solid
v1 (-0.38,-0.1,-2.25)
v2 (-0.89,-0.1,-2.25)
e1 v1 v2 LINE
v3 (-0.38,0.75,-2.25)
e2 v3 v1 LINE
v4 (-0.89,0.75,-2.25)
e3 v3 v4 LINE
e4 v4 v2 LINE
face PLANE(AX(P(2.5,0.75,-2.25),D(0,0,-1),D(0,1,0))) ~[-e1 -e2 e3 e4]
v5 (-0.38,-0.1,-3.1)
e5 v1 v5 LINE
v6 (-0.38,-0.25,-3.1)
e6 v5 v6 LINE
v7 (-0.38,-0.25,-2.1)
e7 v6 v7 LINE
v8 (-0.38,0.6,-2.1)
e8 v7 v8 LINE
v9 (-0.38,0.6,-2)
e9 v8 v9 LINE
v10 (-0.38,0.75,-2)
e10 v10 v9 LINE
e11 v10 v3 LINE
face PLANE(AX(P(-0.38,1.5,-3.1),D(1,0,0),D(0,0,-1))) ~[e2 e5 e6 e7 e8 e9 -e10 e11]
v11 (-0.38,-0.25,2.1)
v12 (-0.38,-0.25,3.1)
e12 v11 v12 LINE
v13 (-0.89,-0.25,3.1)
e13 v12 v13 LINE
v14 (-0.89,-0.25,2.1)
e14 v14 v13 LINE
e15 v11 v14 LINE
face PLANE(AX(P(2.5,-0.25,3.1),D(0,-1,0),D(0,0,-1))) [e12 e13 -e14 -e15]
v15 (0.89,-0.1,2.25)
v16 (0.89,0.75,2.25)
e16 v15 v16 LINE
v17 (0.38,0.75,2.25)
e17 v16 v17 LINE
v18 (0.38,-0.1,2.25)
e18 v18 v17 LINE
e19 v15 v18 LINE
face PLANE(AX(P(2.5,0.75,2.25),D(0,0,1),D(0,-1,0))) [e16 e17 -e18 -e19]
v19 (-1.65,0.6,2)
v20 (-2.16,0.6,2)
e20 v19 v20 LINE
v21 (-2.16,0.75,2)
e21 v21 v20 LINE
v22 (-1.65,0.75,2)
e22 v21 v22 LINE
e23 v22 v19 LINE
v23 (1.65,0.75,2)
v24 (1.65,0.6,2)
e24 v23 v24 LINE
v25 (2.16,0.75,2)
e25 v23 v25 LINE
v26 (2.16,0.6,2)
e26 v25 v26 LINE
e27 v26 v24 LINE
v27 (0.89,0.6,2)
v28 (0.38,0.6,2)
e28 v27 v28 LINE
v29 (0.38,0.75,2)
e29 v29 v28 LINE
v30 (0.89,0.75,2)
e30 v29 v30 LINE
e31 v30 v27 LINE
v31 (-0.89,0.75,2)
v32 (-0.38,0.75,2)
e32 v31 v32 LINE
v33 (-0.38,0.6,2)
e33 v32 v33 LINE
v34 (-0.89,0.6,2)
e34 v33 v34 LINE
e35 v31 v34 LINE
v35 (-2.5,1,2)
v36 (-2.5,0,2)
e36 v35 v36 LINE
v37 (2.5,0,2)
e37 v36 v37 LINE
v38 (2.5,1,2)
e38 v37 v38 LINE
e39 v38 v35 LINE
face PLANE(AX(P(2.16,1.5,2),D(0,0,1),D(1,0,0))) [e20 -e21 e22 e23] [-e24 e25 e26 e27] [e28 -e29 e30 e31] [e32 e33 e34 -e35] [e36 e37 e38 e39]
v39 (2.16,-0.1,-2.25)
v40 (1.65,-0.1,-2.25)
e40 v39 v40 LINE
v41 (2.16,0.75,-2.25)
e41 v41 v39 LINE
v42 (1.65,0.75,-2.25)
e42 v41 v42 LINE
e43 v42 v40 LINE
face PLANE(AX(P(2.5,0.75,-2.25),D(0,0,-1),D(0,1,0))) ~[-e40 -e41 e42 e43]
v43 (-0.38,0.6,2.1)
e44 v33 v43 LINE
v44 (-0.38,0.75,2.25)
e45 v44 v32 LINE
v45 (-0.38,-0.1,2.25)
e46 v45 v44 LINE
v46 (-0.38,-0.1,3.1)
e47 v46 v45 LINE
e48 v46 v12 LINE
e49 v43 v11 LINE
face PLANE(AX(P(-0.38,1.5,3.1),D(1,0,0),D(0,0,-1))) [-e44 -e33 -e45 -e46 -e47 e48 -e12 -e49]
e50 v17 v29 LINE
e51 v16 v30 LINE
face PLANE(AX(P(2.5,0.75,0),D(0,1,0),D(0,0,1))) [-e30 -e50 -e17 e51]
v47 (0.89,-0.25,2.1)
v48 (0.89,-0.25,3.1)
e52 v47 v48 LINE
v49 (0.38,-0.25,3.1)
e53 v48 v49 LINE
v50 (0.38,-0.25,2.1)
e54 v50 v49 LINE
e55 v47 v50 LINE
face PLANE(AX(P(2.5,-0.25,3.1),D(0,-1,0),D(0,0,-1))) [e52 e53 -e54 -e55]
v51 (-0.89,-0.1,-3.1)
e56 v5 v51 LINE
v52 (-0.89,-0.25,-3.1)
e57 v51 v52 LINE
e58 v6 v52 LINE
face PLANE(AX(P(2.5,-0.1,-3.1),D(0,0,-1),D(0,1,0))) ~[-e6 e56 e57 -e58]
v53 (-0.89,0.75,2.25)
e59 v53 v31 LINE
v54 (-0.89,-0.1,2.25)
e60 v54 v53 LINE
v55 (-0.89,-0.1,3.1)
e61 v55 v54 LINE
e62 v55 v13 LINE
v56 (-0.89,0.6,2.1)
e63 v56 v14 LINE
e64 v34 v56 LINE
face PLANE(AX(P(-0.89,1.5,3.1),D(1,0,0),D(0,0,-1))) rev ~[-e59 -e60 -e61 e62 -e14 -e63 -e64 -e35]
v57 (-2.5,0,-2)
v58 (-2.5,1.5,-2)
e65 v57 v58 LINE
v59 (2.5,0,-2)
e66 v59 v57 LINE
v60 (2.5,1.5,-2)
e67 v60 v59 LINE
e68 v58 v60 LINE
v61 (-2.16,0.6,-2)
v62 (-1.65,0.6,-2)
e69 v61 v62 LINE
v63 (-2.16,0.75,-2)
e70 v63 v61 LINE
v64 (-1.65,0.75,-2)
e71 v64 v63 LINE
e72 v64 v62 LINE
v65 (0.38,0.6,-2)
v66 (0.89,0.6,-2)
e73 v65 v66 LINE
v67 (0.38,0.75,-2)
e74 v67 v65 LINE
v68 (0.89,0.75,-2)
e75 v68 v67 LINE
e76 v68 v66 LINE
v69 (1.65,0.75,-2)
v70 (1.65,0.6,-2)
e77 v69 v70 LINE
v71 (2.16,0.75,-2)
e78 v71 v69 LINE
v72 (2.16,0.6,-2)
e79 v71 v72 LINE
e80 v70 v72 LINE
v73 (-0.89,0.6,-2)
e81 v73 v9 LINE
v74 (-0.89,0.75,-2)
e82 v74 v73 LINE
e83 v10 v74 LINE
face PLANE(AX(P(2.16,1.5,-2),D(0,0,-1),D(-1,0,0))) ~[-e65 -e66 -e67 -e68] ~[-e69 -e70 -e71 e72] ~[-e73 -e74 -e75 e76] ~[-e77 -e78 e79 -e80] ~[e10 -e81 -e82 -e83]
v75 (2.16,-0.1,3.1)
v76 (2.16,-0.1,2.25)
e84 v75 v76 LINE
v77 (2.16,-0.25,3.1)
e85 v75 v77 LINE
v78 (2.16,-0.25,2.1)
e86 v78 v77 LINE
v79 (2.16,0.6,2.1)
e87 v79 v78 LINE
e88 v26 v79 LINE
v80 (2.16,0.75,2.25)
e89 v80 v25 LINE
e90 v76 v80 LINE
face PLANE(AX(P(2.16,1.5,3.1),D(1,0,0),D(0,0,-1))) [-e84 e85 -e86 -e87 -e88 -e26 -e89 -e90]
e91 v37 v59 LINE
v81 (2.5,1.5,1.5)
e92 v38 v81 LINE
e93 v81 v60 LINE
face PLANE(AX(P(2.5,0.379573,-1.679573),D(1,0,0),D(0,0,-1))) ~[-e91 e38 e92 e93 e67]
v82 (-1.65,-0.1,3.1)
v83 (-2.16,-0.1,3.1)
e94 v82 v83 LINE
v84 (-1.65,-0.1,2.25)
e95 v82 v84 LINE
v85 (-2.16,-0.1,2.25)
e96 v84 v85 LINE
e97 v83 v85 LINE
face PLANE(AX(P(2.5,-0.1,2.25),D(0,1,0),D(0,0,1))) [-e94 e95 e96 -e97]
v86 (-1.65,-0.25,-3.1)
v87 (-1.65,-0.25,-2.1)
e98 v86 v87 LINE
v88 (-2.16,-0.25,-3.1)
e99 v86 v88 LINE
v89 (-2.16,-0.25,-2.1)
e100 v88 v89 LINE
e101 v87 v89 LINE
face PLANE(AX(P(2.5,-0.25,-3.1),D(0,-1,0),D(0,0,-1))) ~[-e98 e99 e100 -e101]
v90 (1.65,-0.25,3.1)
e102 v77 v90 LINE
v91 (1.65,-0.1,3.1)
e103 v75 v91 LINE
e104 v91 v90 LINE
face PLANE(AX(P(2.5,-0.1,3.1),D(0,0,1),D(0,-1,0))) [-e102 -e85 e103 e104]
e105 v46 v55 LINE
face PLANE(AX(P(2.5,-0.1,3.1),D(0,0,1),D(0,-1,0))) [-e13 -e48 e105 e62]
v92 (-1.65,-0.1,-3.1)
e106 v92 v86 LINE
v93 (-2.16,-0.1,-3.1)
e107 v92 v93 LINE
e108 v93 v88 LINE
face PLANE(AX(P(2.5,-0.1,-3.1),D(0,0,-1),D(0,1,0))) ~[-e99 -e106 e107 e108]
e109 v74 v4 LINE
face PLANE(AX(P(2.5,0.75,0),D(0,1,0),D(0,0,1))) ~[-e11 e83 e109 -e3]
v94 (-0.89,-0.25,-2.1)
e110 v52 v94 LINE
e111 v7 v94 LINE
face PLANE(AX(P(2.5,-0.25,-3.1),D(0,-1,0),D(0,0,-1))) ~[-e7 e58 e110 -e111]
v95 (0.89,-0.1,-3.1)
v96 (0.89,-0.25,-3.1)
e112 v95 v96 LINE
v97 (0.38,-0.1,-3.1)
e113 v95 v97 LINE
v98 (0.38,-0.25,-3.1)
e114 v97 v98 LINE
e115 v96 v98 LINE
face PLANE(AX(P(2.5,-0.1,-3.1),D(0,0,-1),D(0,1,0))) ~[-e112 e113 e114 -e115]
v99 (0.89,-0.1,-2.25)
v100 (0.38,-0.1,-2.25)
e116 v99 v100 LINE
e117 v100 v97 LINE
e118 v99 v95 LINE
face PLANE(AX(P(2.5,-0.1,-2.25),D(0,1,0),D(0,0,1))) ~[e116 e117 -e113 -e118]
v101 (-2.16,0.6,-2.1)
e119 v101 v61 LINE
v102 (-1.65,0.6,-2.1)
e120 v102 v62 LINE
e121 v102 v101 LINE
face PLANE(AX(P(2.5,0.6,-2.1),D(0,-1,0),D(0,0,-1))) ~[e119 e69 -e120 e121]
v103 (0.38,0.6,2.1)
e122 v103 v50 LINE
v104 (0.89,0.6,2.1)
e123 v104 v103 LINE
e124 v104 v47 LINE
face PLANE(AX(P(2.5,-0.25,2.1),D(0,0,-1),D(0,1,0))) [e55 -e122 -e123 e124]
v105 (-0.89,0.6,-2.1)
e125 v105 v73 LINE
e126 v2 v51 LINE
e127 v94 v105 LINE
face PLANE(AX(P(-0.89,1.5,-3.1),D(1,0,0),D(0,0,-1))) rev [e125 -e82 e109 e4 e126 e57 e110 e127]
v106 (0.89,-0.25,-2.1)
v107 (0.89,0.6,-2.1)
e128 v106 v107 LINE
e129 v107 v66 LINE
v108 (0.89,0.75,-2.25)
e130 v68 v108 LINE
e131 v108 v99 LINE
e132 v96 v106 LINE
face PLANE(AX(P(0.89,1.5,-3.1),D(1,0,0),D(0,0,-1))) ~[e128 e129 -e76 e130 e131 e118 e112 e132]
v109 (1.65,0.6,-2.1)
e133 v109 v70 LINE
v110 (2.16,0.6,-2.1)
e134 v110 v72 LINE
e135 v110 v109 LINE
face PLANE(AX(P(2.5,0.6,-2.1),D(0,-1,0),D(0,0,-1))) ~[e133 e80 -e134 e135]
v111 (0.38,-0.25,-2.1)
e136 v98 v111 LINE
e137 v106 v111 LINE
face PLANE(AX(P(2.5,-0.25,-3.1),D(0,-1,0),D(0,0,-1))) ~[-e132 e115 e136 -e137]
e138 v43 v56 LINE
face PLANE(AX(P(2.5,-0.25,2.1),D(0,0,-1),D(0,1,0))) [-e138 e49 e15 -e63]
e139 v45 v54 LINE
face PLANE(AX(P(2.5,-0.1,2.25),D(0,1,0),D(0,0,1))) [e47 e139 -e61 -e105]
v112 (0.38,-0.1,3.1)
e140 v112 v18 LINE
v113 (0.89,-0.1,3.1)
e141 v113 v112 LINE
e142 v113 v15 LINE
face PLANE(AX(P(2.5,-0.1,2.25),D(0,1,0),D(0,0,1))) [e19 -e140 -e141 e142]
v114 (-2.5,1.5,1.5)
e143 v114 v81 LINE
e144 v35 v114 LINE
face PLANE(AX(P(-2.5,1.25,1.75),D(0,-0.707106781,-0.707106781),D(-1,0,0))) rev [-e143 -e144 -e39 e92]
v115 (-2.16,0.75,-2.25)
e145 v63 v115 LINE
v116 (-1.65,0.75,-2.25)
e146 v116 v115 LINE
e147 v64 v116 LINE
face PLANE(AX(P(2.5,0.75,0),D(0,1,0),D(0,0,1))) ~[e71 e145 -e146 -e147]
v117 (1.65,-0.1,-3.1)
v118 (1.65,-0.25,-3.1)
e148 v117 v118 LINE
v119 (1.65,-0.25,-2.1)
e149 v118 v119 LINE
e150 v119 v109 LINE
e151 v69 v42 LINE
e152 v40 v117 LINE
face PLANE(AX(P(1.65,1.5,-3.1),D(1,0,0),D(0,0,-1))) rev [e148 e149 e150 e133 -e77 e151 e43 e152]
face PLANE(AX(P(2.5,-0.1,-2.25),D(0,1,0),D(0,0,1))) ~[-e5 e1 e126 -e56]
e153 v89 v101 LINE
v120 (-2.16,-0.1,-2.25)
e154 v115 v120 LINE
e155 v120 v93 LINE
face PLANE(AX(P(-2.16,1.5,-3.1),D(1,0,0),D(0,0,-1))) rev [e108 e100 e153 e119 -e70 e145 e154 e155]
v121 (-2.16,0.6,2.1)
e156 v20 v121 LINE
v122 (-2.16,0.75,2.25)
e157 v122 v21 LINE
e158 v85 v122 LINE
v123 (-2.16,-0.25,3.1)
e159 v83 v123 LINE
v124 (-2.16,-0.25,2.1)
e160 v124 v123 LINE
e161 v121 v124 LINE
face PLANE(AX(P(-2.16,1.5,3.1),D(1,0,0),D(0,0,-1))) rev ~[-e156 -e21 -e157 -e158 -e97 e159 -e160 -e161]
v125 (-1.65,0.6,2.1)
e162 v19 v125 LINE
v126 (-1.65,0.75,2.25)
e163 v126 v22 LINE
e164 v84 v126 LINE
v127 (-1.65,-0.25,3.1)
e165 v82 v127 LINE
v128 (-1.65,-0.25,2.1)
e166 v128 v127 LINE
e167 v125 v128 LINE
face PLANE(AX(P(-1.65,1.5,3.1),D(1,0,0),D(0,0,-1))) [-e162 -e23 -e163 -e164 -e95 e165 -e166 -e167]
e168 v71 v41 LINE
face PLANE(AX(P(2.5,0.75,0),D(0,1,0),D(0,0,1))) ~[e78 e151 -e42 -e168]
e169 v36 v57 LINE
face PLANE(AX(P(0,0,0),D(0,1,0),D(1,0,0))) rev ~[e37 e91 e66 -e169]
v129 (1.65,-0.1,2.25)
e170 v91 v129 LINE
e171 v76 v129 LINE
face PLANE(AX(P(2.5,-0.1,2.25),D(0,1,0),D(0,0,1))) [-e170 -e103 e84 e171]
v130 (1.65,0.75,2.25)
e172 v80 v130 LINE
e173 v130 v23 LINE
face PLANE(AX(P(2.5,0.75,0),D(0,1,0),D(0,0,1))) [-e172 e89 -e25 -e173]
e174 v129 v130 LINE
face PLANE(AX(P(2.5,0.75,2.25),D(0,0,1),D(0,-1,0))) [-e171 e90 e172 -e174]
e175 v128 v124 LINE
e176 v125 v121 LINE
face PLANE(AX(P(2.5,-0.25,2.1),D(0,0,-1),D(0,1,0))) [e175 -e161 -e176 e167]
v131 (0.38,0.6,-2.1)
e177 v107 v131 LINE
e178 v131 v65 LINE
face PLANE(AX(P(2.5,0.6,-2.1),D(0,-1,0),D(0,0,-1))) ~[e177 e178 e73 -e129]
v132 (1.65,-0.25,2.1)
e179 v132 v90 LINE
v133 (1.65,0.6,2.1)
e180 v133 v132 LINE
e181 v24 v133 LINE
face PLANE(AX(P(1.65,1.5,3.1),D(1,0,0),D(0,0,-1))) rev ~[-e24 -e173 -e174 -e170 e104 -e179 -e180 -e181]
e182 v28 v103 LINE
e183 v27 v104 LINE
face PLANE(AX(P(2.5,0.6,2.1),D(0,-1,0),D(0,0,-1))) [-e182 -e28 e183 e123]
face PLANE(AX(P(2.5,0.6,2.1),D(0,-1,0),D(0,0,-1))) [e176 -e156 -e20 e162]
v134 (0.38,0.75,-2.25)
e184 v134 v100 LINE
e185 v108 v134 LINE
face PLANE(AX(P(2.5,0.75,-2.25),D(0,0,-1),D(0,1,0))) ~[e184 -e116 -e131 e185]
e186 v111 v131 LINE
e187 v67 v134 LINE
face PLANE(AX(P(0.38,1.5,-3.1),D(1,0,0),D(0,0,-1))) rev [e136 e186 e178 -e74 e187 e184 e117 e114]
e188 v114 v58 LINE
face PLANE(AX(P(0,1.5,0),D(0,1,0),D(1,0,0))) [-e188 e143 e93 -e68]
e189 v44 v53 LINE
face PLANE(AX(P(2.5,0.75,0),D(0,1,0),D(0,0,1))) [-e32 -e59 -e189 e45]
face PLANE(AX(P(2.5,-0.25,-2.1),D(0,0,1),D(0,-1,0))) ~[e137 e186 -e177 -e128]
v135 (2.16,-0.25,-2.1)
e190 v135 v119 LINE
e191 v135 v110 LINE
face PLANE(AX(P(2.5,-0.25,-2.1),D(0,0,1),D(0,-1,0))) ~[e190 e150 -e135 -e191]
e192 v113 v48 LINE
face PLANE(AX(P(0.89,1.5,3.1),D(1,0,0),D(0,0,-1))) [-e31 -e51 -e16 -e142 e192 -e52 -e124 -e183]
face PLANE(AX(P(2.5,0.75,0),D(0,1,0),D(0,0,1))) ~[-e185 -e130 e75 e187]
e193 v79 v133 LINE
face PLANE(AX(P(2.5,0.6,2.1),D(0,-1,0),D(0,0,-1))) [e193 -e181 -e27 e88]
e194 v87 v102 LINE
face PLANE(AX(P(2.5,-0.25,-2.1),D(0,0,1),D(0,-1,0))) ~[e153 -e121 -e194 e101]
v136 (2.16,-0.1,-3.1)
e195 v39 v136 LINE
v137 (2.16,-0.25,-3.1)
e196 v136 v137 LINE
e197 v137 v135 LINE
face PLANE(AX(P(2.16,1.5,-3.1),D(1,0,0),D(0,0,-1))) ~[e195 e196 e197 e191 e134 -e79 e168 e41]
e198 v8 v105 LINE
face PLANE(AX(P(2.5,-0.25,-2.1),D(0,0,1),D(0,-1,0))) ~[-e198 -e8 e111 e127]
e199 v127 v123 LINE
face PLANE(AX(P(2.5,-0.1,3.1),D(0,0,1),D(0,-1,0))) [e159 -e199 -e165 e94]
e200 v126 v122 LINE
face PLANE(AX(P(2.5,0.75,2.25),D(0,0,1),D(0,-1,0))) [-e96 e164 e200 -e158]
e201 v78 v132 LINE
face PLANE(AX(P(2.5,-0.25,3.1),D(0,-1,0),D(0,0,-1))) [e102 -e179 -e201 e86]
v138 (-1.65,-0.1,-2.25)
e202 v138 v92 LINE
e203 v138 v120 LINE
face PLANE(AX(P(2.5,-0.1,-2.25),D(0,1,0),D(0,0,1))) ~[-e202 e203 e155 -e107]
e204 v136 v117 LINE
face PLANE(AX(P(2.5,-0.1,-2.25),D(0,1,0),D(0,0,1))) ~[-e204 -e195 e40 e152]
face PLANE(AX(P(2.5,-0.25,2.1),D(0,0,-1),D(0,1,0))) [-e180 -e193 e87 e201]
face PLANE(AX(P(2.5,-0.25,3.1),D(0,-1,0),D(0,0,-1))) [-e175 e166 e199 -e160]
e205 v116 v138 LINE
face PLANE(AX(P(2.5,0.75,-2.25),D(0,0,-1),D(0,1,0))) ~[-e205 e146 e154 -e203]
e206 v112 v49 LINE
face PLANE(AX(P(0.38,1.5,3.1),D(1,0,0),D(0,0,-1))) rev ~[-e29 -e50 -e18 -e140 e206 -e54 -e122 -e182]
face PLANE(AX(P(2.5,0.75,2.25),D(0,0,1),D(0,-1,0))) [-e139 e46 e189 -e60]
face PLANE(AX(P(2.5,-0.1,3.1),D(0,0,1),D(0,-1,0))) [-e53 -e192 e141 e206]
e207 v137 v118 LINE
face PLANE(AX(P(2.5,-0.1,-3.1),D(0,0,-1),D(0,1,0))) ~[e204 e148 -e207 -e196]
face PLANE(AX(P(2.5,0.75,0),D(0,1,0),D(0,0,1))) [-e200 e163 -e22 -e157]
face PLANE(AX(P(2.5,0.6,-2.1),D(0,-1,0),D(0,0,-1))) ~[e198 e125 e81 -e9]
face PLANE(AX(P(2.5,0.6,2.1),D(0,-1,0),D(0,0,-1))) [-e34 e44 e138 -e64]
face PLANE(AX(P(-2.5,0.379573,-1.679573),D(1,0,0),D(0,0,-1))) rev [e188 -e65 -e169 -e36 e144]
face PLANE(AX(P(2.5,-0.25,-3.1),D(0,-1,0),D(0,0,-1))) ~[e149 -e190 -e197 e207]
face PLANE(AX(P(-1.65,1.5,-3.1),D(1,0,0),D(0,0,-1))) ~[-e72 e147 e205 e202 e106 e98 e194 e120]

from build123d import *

# Parameters (mm, degrees)
SKETCH_1_W          = 5
SKETCH_1_H          = 4
EXTRUDE_1_DEPTH     = 1.5
CHAMFER_1_SIZE      = 0.5
EXTRUDE_2_DEPTH     = 5
SKETCH_3_W          = 0.34
SKETCH_3_H          = 1.1
SKETCH_3_W_2        = 0.76
CUT_EXTRUDE_1_DEPTH = 5.35


with BuildPart() as part:
    # Эскиз1 → Бобышка-Вытянуть1 (new body)
    with BuildSketch(Plane(origin=(0, 0, 0), x_dir=(1, 0, 0), z_dir=(0, 1, 0))):
        Rectangle(SKETCH_1_W, SKETCH_1_H)
    extrude(amount=EXTRUDE_1_DEPTH)

    # Фаска1
    chamfer_1_edges = [part.edges().sort_by_distance(p)[0] for p in [
        (0, 1.5, 2),
    ]]
    chamfer(chamfer_1_edges, length=CHAMFER_1_SIZE)

    # Эскиз2 → Бобышка-Вытянуть2 (add, through all)
    with BuildSketch(Plane(origin=(2.5, 0, 0), x_dir=(0, 0, -1), z_dir=(1, 0, 0))):
        Polygon((-2, 0.75), (-2.25, 0.75), (-2.25, -0.1), (-3.1, -0.1), (-3.1, -0.25), (-2.1, -0.25), (-2.1, 0.6), (0, 0.6), (0, 0.75), align=None)
    extrude_2 = extrude(amount=-EXTRUDE_2_DEPTH)

    # Эскиз3 → Вырез-Вытянуть1 (cut, through all)
    with BuildSketch(Plane(origin=(0, 1.5, 0), x_dir=(1, 0, 0), z_dir=(0, 1, 0))):
        with Locations((-2.33, -2.55)):
            Rectangle(SKETCH_3_W, SKETCH_3_H)
        with Locations((-1.27, -2.55)):
            Rectangle(SKETCH_3_W_2, SKETCH_3_H)
        with Locations((0, -2.55)):
            Rectangle(SKETCH_3_W_2, SKETCH_3_H)
        with Locations((1.27, -2.55)):
            Rectangle(SKETCH_3_W_2, SKETCH_3_H)
        with Locations((2.33, -2.55)):
            Rectangle(SKETCH_3_W, SKETCH_3_H)
    cut_extrude_1 = extrude(amount=-CUT_EXTRUDE_1_DEPTH, mode=Mode.SUBTRACT)

    # Зеркальное отражение1: Бобышка-Вытянуть2, Вырез-Вытянуть1 across plane
    add(extrude_2.mirror(Plane.XY))
    add(cut_extrude_1.mirror(Plane.XY), mode=Mode.SUBTRACT)


solid = part.part
